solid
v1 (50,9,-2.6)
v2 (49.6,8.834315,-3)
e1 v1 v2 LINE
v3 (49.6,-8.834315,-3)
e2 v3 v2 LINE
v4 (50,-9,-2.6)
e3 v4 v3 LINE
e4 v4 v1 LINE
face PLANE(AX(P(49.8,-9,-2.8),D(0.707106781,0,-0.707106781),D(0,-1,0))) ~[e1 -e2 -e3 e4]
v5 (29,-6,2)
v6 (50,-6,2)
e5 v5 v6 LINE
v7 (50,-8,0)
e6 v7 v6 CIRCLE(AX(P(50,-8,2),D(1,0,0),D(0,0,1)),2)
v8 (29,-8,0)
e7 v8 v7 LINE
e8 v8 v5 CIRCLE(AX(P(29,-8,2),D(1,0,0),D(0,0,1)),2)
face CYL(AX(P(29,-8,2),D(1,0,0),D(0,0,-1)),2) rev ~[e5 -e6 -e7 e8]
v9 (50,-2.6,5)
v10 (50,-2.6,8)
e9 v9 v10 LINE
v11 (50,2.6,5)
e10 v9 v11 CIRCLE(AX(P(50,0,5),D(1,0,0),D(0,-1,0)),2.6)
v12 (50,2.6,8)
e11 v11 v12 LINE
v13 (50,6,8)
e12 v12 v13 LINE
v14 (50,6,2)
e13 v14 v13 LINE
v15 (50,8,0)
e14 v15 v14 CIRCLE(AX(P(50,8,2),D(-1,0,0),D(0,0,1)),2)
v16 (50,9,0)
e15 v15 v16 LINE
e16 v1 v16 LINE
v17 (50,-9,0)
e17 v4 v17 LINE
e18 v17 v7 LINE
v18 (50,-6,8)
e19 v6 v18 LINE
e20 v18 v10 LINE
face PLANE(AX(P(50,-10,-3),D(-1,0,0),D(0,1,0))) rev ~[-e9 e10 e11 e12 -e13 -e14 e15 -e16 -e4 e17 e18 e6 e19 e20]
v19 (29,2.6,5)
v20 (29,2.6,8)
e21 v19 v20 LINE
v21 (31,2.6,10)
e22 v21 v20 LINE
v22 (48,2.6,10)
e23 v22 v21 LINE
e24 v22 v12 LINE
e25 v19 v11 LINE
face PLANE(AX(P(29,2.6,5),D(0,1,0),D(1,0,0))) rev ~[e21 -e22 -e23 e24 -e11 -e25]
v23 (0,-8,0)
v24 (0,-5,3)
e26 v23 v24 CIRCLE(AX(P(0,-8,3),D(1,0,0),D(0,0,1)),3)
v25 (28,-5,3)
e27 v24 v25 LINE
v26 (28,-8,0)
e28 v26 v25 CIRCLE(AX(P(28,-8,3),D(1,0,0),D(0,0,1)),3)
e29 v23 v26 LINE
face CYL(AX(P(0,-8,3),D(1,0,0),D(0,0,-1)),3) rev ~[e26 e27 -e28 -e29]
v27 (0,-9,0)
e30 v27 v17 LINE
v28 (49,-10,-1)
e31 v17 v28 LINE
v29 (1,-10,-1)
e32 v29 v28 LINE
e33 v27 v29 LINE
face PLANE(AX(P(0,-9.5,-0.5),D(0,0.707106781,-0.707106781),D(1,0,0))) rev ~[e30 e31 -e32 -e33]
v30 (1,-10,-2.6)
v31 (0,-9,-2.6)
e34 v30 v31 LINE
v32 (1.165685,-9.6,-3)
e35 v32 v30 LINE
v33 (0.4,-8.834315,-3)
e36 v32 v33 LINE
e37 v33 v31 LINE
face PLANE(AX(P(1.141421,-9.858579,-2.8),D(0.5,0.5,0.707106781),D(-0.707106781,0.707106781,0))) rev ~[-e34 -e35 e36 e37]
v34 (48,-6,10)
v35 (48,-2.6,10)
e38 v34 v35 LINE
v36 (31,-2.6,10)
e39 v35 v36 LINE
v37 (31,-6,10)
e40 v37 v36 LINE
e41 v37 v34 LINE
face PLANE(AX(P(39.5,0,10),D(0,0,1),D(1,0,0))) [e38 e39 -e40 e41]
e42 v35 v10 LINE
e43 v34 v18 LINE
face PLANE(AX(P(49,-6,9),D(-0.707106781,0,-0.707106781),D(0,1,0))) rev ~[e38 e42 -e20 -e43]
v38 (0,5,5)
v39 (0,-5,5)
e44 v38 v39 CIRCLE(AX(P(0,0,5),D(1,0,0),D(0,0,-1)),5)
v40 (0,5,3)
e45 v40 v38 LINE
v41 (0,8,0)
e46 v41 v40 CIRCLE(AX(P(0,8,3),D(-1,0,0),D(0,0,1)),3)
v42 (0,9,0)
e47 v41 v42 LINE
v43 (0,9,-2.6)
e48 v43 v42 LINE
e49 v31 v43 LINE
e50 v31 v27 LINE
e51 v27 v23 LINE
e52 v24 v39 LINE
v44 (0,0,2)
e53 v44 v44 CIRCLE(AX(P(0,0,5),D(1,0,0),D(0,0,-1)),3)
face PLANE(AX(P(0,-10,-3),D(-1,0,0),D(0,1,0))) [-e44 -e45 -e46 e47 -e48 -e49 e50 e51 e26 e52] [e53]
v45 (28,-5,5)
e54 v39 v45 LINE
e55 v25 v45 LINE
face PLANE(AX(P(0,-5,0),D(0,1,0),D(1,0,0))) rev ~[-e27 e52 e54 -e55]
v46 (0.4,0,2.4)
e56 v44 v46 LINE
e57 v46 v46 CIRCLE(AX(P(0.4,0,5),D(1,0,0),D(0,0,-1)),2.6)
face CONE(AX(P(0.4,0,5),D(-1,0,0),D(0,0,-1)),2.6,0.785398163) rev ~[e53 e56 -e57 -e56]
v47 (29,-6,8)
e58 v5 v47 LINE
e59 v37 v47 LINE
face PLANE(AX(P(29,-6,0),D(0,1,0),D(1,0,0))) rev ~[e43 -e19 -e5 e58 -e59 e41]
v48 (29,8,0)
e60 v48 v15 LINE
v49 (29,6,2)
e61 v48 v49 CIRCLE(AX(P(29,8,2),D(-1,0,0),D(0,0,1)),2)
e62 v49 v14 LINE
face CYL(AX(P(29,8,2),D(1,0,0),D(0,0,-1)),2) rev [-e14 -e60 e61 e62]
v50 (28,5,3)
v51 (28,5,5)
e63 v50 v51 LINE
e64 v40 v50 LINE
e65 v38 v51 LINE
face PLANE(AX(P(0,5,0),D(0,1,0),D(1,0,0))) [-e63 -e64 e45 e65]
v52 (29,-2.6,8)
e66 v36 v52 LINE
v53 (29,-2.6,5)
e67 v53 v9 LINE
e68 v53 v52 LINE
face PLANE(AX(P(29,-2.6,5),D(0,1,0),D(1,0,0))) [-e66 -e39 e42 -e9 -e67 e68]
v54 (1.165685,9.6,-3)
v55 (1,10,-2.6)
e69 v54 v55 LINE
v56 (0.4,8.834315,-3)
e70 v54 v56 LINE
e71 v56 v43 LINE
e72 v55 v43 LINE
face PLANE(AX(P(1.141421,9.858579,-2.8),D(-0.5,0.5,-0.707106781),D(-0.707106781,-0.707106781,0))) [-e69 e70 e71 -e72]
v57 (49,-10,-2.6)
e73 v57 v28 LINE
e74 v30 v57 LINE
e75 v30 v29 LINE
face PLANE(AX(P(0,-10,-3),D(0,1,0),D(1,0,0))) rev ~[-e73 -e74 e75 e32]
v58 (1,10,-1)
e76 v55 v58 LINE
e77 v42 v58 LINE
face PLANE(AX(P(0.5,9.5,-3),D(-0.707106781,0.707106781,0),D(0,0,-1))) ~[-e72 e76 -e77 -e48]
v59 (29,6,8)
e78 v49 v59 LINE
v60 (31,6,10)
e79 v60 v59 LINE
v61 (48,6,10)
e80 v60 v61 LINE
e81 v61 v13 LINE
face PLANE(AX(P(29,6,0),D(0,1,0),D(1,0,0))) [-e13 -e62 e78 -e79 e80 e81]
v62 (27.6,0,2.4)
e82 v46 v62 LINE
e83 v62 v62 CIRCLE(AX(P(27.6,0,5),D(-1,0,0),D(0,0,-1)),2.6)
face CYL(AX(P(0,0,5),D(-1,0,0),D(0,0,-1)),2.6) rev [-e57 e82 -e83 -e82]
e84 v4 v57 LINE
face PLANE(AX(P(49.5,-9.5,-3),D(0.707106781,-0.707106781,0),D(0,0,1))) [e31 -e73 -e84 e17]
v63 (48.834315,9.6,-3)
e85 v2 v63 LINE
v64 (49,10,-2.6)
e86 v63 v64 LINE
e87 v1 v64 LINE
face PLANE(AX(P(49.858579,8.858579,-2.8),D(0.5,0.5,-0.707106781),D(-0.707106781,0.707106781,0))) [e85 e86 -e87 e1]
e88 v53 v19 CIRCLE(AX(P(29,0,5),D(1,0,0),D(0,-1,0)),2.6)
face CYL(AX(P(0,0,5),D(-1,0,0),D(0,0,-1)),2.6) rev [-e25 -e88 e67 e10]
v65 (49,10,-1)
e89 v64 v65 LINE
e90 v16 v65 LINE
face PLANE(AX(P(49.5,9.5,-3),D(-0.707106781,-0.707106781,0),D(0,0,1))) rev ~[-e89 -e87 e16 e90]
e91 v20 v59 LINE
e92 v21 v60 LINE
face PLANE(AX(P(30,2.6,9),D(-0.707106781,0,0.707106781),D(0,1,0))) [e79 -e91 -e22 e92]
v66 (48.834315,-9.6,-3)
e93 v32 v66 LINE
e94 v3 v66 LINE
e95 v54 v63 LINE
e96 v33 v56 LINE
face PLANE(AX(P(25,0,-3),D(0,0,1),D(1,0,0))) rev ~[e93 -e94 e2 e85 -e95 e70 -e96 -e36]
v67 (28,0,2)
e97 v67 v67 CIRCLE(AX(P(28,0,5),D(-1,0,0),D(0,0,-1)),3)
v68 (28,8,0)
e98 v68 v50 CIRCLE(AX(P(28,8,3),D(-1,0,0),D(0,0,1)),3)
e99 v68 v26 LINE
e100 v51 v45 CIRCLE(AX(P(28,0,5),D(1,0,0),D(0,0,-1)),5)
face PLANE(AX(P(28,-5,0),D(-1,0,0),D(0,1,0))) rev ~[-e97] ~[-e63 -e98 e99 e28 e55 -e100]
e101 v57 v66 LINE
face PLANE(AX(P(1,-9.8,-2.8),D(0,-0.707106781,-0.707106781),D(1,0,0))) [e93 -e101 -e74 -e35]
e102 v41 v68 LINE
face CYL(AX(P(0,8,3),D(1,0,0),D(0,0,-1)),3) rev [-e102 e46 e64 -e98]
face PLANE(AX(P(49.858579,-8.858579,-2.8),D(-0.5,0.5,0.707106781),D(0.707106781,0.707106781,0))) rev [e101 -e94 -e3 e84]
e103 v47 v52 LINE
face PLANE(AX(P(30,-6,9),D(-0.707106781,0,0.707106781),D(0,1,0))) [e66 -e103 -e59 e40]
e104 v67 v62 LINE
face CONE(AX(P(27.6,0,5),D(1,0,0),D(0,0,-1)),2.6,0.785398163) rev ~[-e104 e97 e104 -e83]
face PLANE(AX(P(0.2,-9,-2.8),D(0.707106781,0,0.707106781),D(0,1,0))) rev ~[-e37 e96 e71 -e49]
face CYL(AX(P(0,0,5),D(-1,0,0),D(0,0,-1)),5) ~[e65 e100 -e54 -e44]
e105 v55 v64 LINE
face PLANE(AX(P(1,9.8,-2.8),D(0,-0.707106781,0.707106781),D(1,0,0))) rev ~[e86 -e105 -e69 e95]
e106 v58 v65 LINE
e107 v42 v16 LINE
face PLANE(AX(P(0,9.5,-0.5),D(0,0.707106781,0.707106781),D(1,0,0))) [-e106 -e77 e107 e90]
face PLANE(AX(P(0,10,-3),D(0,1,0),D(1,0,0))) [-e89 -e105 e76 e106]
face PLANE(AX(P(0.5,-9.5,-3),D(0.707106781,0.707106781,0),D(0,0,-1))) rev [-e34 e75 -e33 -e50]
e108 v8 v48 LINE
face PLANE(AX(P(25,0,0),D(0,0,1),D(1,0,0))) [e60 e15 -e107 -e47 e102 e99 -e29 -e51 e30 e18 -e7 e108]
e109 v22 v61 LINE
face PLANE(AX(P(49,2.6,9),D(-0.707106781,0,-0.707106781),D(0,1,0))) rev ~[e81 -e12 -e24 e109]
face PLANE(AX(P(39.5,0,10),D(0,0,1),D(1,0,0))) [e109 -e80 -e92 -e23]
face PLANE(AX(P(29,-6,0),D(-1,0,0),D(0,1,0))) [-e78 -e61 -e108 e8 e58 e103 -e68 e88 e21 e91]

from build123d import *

# Parameters (mm, degrees)
CYLINDER_R        = 2.6
CYLINDER_DEPTH    = 50
BOX001_W          = 50
BOX001_H          = 20
BOX001_DEPTH      = 3
BOX_W             = 28
BOX_H             = 10
BOX_DEPTH         = 5
FILLET_R          = 3
CYLINDER001_R     = 5
CYLINDER001_DEPTH = 28
CYLINDER002_R     = 2.6
CYLINDER002_DEPTH = 50
BOX003_W          = 21
BOX003_H          = 5.2
BOX003_DEPTH      = 10
BOX002_W          = 21
BOX002_H          = 12
BOX002_DEPTH      = 10
FILLET001_R       = 2
CHAMFER_SIZE      = 2
CHAMFER001_SIZE   = 1
CHAMFER002_SIZE   = 0.4
CHAMFER003_SIZE   = 0.4


with BuildPart() as cylinder:
    # Cylinder → Cylinder (new body)
    with BuildSketch(Plane(origin=(0, 0, 5), x_dir=(0, 0, -1), z_dir=(1, 0, 0))):
        Circle(CYLINDER_R)
    extrude(amount=CYLINDER_DEPTH)


with BuildPart() as cube001:
    # Box001 → Box001 (new body)
    with BuildSketch(Plane(origin=(0, -10, -3), x_dir=(1, 0, 0), z_dir=(0, 0, 1))):
        with Locations((25, 10)):
            Rectangle(BOX001_W, BOX001_H)
    extrude(amount=BOX001_DEPTH)


with BuildPart() as fillet_body:
    # Box → Box (new body)
    with BuildSketch(Plane(origin=(0, -5, 0), x_dir=(1, 0, 0), z_dir=(0, 0, 1))):
        with Locations((14, 5)):
            Rectangle(BOX_W, BOX_H)
    extrude(amount=BOX_DEPTH)

    # Fusion: union Cube001
    add(cube001.part)

    # Fillet
    fillet_edges = [fillet_body.edges().sort_by_distance(p)[0] for p in [
        (14, -5, 0),
        (14, 5, 0),
    ]]
    fillet(fillet_edges, radius=FILLET_R)


with BuildPart() as cut:
    # Cylinder001 → Cylinder001 (new body)
    with BuildSketch(Plane(origin=(0, 0, 5), x_dir=(0, 0, -1), z_dir=(1, 0, 0))):
        Circle(CYLINDER001_R)
    extrude(amount=CYLINDER001_DEPTH)

    # Fusion001: union Fillet body
    add(fillet_body.part)

    # Cut: cut Cylinder
    add(cylinder.part, mode=Mode.SUBTRACT)


with BuildPart() as cylinder002:
    # Cylinder002 → Cylinder002 (new body)
    with BuildSketch(Plane(origin=(0, 0, 5), x_dir=(0, 0, -1), z_dir=(1, 0, 0))):
        Circle(CYLINDER002_R)
    extrude(amount=CYLINDER002_DEPTH)


with BuildPart() as fusion002:
    # Box003 → Box003 (new body)
    with BuildSketch(Plane(origin=(29, -2.6, 5), x_dir=(1, 0, 0), z_dir=(0, 0, 1))):
        with Locations((10.5, 2.6)):
            Rectangle(BOX003_W, BOX003_H)
    extrude(amount=BOX003_DEPTH)

    # Fusion002: union Cylinder002
    add(cylinder002.part)


with BuildPart() as chamfer003:
    # Box002 → Box002 (new body)
    with BuildSketch(Plane(origin=(29, -6, 0), x_dir=(1, 0, 0), z_dir=(0, 0, 1))):
        with Locations((10.5, 6)):
            Rectangle(BOX002_W, BOX002_H)
    extrude(amount=BOX002_DEPTH)

    # Cut001: cut Fusion002
    add(fusion002.part, mode=Mode.SUBTRACT)

    # Fusion003: union Cut
    add(cut.part)

    # Fillet001
    fillet001_edges = [chamfer003.edges().sort_by_distance(p)[0] for p in [
        (39.5, 6, 0),
        (39.5, -6, 0),
    ]]
    fillet(fillet001_edges, radius=FILLET001_R)

    # Chamfer
    chamfer_edges = [chamfer003.edges().sort_by_distance(p)[0] for p in [
        (29, 4.3, 10),
        (29, -4.3, 10),
        (50, 4.3, 10),
        (50, -4.3, 10),
    ]]
    chamfer(chamfer_edges, length=CHAMFER_SIZE)

    # Chamfer001
    chamfer001_edges = [chamfer003.edges().sort_by_distance(p)[0] for p in [
        (25, 10, 0),
        (25, -10, 0),
        (50, -10, -1.5),
        (50, 10, -1.5),
        (0, 10, -1.5),
        (0, -10, -1.5),
    ]]
    chamfer(chamfer001_edges, length=CHAMFER001_SIZE)

    # Chamfer002
    chamfer002_edges = [chamfer003.edges().sort_by_distance(p)[0] for p in [
        (50, 0, -3),
        (0, 0, -3),
        (49.5, -9.5, -3),
        (0.5, -9.5, -3),
        (0.5, 9.5, -3),
        (25, -10, -3),
        (25, 10, -3),
        (49.5, 9.5, -3),
    ]]
    chamfer(chamfer002_edges, length=CHAMFER002_SIZE)

    # Chamfer003
    chamfer003_edges = [chamfer003.edges().sort_by_distance(p)[0] for p in [
        (28, -1.838478, 3.161522),
        (28, 1.838478, 3.161522),
        (0, -1.838478, 3.161522),
        (0, 1.838478, 3.161522),
        (28, 0, 7.6),
        (0, 0, 7.6),
    ]]
    chamfer(chamfer003_edges, length=CHAMFER003_SIZE)


solid = chamfer003.part
